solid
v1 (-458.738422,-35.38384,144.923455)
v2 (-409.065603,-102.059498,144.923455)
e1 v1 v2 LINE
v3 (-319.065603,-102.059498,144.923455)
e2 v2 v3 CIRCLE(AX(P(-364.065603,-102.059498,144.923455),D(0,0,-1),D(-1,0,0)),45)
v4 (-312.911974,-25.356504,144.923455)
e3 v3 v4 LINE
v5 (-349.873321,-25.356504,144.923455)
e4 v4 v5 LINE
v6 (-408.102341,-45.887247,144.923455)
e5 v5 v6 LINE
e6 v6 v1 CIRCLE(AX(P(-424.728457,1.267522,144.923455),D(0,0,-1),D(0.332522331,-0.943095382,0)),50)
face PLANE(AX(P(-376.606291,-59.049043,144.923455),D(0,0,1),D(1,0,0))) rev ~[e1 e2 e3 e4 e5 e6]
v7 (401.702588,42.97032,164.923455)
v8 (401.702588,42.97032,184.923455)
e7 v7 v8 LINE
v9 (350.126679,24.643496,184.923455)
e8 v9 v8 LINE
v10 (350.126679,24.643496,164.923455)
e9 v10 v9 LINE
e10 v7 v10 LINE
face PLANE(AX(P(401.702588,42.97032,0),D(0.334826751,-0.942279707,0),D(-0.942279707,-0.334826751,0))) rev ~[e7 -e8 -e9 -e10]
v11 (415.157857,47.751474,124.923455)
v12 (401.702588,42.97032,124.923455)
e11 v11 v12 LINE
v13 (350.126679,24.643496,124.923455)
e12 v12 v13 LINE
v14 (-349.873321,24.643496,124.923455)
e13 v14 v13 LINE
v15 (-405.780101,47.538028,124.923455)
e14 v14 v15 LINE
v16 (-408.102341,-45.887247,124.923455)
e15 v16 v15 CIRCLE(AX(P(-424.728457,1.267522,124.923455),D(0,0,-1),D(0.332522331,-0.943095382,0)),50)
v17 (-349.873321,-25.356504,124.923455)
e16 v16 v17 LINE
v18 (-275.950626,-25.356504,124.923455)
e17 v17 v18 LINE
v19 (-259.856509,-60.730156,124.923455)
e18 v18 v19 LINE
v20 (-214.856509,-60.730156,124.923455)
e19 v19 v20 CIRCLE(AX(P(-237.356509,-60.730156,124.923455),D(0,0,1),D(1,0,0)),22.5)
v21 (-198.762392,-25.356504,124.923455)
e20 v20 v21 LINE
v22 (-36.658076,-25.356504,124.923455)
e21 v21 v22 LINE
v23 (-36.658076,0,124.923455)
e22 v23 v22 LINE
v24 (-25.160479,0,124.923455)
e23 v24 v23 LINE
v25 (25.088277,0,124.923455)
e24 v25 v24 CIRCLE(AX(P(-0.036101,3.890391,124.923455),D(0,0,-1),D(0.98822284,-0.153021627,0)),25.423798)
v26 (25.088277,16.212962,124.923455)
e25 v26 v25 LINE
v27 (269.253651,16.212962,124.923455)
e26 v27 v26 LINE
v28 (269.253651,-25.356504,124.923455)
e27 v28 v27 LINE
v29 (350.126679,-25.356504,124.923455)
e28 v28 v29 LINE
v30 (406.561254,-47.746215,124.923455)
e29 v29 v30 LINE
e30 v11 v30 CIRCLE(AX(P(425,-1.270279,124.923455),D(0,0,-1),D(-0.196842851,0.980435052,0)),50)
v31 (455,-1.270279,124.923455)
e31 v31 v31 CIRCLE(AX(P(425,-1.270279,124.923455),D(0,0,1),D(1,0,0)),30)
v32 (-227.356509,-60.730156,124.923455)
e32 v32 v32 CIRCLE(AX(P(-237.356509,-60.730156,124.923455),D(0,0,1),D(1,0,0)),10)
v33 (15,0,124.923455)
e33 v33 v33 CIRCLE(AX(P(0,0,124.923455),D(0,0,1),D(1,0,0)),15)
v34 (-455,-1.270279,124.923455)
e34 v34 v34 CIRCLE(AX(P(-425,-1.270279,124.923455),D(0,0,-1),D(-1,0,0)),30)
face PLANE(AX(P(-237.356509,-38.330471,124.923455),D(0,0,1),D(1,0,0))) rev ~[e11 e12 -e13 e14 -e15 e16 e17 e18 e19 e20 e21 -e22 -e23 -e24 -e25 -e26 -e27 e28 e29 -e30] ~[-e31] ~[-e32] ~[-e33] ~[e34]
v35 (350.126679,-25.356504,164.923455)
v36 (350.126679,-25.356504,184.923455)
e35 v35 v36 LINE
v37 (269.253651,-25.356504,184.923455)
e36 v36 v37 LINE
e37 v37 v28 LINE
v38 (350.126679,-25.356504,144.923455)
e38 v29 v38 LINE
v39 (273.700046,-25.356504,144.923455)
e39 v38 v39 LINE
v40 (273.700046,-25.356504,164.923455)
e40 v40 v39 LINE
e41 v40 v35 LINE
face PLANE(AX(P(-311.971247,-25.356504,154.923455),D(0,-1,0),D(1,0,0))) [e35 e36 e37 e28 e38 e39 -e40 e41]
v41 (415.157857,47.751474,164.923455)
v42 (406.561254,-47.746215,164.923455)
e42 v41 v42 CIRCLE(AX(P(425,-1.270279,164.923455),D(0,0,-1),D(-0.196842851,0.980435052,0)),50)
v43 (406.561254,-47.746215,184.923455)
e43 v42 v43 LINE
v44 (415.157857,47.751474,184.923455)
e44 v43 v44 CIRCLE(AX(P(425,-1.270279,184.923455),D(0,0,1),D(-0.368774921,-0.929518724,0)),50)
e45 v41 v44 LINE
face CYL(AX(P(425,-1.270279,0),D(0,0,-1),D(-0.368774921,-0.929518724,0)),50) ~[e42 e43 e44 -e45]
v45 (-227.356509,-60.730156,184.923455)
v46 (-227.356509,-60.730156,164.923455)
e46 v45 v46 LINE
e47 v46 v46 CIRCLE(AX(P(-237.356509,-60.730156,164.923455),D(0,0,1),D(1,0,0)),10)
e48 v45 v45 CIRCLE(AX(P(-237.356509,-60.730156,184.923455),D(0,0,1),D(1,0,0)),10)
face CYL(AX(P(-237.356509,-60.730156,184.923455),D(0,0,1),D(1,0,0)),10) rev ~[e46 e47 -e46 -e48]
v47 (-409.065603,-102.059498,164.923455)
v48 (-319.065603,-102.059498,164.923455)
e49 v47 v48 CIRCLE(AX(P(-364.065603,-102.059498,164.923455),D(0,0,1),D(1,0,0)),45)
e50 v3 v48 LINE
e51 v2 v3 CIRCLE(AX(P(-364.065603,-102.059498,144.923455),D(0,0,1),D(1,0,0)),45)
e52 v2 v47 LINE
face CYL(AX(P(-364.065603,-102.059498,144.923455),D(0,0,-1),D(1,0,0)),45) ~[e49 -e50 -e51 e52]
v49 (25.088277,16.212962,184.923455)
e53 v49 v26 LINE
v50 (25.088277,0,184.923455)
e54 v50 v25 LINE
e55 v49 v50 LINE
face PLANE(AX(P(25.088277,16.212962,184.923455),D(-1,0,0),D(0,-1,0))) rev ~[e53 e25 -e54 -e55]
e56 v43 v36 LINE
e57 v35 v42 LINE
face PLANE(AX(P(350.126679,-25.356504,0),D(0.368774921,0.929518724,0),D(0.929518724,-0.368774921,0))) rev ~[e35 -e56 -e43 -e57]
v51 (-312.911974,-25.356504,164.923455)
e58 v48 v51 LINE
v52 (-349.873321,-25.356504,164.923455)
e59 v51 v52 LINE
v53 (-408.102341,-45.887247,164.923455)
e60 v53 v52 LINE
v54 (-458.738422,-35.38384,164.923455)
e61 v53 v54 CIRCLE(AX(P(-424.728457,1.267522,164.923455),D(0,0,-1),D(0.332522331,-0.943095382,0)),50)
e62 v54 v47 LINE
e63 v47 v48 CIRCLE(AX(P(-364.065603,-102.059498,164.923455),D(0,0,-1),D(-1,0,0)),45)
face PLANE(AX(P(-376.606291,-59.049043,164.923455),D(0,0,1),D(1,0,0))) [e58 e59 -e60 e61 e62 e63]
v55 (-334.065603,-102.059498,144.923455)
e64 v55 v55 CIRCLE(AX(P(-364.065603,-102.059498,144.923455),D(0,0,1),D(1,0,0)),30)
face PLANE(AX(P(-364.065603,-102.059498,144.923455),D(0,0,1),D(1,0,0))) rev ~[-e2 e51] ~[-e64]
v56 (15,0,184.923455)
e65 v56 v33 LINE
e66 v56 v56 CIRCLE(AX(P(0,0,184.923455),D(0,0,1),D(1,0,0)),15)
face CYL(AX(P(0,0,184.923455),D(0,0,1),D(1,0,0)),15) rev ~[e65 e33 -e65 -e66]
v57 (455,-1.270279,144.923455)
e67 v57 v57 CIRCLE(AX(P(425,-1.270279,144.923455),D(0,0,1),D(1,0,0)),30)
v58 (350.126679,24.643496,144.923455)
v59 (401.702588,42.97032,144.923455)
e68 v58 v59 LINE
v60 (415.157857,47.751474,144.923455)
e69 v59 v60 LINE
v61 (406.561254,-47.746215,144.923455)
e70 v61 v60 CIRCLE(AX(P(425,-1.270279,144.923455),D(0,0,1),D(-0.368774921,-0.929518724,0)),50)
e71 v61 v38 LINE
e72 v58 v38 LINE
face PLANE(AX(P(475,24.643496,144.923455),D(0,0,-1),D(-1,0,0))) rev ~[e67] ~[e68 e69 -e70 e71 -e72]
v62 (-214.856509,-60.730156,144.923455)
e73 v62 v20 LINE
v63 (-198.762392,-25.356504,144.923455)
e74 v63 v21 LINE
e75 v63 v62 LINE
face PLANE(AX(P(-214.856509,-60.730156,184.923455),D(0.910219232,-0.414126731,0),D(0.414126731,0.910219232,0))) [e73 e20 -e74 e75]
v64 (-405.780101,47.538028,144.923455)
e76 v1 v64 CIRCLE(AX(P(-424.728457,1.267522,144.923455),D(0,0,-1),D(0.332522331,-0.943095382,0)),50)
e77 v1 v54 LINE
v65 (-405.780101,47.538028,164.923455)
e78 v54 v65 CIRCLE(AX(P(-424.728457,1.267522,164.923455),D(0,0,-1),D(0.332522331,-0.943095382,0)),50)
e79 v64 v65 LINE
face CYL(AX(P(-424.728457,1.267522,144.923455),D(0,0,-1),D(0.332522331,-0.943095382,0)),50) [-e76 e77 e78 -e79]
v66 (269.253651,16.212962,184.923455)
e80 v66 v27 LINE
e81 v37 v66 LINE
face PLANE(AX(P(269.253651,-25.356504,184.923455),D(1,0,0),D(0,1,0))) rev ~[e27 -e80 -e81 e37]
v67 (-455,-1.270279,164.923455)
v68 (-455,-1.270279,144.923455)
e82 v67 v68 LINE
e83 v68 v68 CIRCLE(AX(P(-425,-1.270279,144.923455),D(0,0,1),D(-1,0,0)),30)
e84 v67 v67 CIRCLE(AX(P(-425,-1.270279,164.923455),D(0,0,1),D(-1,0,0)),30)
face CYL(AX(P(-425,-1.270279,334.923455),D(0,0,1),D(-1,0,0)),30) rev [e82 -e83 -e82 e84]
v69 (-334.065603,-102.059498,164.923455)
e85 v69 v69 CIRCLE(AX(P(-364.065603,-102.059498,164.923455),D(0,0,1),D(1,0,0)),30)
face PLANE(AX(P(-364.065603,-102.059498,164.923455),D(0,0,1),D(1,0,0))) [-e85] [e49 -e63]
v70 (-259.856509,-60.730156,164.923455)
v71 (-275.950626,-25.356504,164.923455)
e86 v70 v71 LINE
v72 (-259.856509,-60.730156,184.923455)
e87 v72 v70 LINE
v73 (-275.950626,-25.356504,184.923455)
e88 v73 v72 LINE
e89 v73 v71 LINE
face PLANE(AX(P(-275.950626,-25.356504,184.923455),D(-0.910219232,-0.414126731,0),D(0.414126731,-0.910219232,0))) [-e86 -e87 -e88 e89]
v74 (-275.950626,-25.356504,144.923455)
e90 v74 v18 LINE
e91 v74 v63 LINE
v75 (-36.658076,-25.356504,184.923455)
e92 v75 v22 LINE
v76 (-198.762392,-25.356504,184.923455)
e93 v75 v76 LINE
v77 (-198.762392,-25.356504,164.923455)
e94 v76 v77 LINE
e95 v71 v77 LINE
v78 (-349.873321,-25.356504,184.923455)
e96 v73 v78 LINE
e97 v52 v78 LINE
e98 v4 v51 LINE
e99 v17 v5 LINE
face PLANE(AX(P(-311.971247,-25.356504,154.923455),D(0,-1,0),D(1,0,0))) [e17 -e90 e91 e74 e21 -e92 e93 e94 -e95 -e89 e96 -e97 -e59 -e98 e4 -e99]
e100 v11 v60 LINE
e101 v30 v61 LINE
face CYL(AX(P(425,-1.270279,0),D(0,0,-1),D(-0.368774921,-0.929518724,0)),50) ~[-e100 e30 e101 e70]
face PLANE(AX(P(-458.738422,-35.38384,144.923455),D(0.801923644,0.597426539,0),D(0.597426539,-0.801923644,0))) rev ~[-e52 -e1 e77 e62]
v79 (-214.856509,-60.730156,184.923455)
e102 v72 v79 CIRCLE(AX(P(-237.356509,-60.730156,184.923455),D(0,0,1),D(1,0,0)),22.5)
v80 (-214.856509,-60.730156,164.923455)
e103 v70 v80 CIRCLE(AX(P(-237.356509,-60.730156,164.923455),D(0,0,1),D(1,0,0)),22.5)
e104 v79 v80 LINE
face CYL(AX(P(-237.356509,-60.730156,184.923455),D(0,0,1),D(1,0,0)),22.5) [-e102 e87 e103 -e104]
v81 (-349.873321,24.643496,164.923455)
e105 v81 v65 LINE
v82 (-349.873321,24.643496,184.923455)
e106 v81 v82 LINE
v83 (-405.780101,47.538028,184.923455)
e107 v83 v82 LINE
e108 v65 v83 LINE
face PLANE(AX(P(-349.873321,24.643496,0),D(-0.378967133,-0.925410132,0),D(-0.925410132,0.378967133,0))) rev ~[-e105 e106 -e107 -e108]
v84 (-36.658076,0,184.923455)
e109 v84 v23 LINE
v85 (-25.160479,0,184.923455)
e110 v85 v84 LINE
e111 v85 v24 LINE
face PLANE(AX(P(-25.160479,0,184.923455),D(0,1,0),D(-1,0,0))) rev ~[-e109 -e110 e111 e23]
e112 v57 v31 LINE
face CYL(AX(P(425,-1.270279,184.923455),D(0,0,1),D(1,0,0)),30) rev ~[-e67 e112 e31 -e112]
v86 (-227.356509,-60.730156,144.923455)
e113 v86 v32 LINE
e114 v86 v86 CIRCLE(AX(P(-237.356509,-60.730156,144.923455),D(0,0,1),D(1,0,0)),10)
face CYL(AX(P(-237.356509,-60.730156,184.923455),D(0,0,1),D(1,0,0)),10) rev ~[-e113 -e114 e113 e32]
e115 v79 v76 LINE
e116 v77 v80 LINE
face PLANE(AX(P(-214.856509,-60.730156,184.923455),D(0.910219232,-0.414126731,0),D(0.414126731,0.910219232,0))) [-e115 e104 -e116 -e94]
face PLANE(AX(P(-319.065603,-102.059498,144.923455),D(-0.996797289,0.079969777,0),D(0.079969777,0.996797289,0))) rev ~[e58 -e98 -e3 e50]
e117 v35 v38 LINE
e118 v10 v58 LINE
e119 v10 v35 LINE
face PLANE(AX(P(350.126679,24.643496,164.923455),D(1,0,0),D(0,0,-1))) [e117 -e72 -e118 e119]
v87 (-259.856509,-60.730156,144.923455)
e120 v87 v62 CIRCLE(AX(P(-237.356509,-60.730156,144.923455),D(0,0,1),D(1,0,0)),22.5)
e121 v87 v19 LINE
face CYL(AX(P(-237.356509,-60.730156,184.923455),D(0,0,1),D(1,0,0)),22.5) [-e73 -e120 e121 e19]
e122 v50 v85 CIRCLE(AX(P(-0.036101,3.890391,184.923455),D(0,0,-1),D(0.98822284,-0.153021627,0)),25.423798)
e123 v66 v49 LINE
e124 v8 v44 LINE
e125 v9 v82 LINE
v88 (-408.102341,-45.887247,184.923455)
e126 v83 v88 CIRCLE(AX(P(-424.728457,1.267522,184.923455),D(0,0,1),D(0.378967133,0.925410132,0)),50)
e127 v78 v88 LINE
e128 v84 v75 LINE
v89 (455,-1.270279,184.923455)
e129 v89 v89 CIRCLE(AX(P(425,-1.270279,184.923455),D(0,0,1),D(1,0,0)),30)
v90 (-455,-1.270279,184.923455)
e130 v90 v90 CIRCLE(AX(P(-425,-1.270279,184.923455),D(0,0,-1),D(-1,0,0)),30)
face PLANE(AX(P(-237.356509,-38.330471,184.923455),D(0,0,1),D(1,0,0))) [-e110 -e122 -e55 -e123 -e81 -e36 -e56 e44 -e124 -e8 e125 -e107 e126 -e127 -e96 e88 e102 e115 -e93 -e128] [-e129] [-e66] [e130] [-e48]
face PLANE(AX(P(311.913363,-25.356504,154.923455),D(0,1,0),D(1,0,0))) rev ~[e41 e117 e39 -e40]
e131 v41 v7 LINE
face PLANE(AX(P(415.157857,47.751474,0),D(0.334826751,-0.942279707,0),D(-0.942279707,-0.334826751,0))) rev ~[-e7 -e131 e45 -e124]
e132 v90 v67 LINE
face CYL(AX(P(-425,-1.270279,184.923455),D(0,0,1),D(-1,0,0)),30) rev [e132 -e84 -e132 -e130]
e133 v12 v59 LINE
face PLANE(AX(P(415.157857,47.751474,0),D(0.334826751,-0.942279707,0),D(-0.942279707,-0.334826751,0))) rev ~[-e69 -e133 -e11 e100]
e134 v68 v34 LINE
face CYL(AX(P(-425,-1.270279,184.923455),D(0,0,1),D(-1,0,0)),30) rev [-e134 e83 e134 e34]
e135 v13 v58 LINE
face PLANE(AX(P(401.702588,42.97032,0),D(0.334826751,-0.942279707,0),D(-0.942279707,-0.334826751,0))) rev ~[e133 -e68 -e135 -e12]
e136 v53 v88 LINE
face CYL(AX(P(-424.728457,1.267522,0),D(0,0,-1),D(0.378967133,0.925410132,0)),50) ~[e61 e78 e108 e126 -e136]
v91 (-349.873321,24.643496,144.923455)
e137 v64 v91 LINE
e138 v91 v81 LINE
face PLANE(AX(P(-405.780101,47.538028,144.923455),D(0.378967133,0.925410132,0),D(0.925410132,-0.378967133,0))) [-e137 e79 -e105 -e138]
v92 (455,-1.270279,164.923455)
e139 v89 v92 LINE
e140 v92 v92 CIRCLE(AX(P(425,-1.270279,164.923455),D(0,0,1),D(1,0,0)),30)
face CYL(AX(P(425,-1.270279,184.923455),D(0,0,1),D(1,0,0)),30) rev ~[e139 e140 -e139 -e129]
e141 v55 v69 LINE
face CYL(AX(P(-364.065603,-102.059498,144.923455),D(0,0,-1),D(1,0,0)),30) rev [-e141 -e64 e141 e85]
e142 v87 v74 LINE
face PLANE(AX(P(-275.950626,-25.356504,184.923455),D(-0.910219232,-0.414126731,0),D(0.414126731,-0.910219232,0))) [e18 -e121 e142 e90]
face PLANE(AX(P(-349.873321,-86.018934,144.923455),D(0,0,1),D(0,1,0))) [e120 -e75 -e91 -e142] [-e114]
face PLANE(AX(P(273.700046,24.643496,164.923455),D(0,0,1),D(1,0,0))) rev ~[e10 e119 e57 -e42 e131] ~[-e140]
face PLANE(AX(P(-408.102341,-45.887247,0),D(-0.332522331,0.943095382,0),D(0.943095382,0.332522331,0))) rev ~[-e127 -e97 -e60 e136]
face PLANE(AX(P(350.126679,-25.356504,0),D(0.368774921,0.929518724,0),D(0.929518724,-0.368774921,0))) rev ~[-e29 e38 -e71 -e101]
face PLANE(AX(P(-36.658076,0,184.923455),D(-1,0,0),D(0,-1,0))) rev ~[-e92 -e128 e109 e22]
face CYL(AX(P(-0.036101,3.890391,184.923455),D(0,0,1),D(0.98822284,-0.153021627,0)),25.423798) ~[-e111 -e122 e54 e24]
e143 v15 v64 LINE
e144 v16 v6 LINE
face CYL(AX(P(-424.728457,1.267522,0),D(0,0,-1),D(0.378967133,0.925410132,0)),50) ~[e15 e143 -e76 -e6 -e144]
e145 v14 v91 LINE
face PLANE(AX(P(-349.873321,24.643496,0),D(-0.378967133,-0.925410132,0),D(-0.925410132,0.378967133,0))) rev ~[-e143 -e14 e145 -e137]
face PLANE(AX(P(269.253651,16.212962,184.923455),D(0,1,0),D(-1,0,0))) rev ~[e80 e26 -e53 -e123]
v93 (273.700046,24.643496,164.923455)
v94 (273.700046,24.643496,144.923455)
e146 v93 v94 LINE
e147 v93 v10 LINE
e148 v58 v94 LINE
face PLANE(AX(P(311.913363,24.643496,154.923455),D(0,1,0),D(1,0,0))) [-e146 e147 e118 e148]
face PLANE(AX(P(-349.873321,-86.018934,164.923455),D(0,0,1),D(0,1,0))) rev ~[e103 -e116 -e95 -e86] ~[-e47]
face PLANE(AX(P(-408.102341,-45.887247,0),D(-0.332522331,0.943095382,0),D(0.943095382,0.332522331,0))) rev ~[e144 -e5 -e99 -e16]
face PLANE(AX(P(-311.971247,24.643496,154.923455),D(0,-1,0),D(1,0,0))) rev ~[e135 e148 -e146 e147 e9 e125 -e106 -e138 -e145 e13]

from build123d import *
from build123d.topology import SkipClean

# Parameters (mm, degrees)
BOSS_EXTRUDE1_DEPTH  = 300
SKETCH2_OUTSIDE_W    = 1151.978
SKETCH2_OUTSIDE_H    = 502.25
CUT_EXTRUDE1_DEPTH   = 1000
SKETCH31_OUTSIDE_W   = 1151.978
SKETCH31_OUTSIDE_H   = 502.25
CUT_EXTRUDE13_DEPTH  = 250
CUT_EXTRUDE14_REACH  = 483.512
SKETCH33_R           = 30
SKETCH34_W           = 75.804148239
SKETCH34_H           = 20
BOSS_EXTRUDE8_DEPTH  = 50
SKETCH36_R           = 22.5
SKETCH36_R_2         = 10
BOSS_EXTRUDE9_DEPTH  = 60
SKETCH37_R           = 15
CUT_EXTRUDE15_DEPTH  = 60
SKETCH40_W           = 20
SKETCH40_H           = 60.662429819
CUT_EXTRUDE16_DEPTH  = 190
BOSS_EXTRUDE10_START = 20
BOSS_EXTRUDE10_DEPTH = 20
CUT_EXTRUDE17_START  = -190
SKETCH42_R           = 30
CUT_EXTRUDE17_DEPTH  = 190
SKETCH43_R           = 45
SKETCH43_R_2         = 30
BOSS_EXTRUDE11_DEPTH = 20
SKETCH16_W           = 76.426632505
SKETCH16_H           = 20
BOSS_EXTRUDE5_DEPTH  = 50
CUT_EXTRUDE18_DEPTH  = 60


with BuildPart() as part:
    # Sketch1 → Boss-Extrude1 (new body)
    with BuildSketch(Plane.XY):
        with BuildLine():
            Line((350.126678984, 24.643496119), (-349.873321016, 24.643496119))
            Line((-349.873321016, 24.643496119), (-405.7801007, 47.538028277))
            ThreePointArc((-405.7801007, 47.538028277), (-474.713018176, 2.509970806), (-408.102340797, -45.887247404))
            Line((-408.102340797, -45.887247404), (-349.873321016, -25.356503881))
            Line((-349.873321016, -25.356503881), (350.126678984, -25.356503881))
            Line((350.126678984, -25.356503881), (406.56125394, -47.746215249))
            ThreePointArc((406.56125394, -47.746215249), (474.7986376, -5.753101083), (415.157857426, 47.751473547))
            Line((415.157857426, 47.751473547), (401.702587644, 42.970319678))
            Line((401.702587644, 42.970319678), (350.126678984, 24.643496119))
        make_face()
    extrude(amount=BOSS_EXTRUDE1_DEPTH)

    # Sketch2 outside → Cut-Extrude1 (cut)
    with BuildSketch(Plane(origin=(0, 24.643496119, 0), x_dir=(1, 0, 0), z_dir=(0, 1, 0))):
        with Locations((0.136, -150)):
            Rectangle(SKETCH2_OUTSIDE_W, SKETCH2_OUTSIDE_H)
        Polygon((475, -124.923454888), (350.126678984, -124.923454888), (273.700046479, -124.923454888), (-0.184563149, -124.923454888), (-274.069172777, -124.923454888), (-349.873321016, -124.923454888), (-474.728457358, -124.923454888), (-474.728457358, -144.923454888), (-349.873321016, -144.923454888), (-274.069172777, -144.923454888), (-274.069172777, -164.923454888), (-349.873321016, -164.923454888), (-474.728457358, -164.923454888), (-474.728457358, -184.923454888), (-349.873321016, -184.923454888), (-274.069172777, -184.923454888), (273.700046479, -184.923454888), (350.126678984, -184.923454888), (479.145365595, -184.923454888), (479.145365595, -164.923454888), (350.126678984, -164.923454888), (273.700046479, -164.923454888), (273.700046479, -144.923454888), (350.126678984, -144.923454888), (475, -144.923454888), align=None, mode=Mode.SUBTRACT)
    extrude(amount=-CUT_EXTRUDE1_DEPTH, mode=Mode.SUBTRACT)

    # Sketch31 outside → Cut-Extrude13 (cut, symmetric)
    with BuildSketch(Plane(origin=(0, 24.643496119, 0), x_dir=(1, 0, 0), z_dir=(0, 1, 0))):
        with Locations((0.136, -150)):
            Rectangle(SKETCH31_OUTSIDE_W, SKETCH31_OUTSIDE_H)
        Polygon((-474.728457358, -124.923454888), (475, -124.923454888), (475, -144.923454888), (273.700046479, -144.923454888), (273.700046479, -164.923454888), (475, -164.923454888), (475, -184.923454888), (-474.728457358, -184.923454888), (-474.728457358, -164.923454888), (-274.069172777, -164.923454888), (-274.069172777, -144.923454888), (-474.728457358, -144.923454888), align=None, mode=Mode.SUBTRACT)
    extrude(amount=CUT_EXTRUDE13_DEPTH, both=True, mode=Mode.SUBTRACT)

    # Cut-Extrude14: up to this face of the body (flat: up to its plane)
    cut_extrude14_end = Plane(part.part.faces().sort_by_distance((0.002005982, -0.266752761, 124.923454888))[0])
    # Sketch33 → Cut-Extrude14 (cut, up to the picked face)
    with BuildSketch(Plane.XY.offset(184.923454888), mode=Mode.PRIVATE) as cut_extrude14_sk1:
        with Locations((425, -1.27027907)):
            Circle(SKETCH33_R)
    cut_extrude14_tool1 = split(extrude(cut_extrude14_sk1.sketch, amount=-CUT_EXTRUDE14_REACH, mode=Mode.PRIVATE), bisect_by=cut_extrude14_end, keep=Keep.BOTH, mode=Mode.PRIVATE)
    cut_extrude14 = cut_extrude14_tool1.solids().sort_by(Axis((425, -1.270279, 184.923455), (0, 0, -1)))[0]
    add(cut_extrude14, mode=Mode.SUBTRACT)

    # Mirror2: Cut-Extrude14 across plane
    add(cut_extrude14.mirror(Plane(origin=(0, 0, 0), x_dir=(0, 0, 1), z_dir=(1, 0, 0))), mode=Mode.SUBTRACT)

    # Sketch34 → Boss-Extrude8 (add)
    with BuildSketch(Plane.XZ.offset(25.356503881)):
        with Locations((-311.971246897, 154.923454888)):
            Rectangle(SKETCH34_W, SKETCH34_H)
    extrude(amount=-BOSS_EXTRUDE8_DEPTH)

    # Sketch36 → Boss-Extrude9 (add)
    # profile 1 of 2: a face of its own
    with BuildSketch(Plane.XY.offset(184.923454888)):
        with BuildLine():
            Line((-198.76239189, -25.356503881), (-275.950626286, -25.356503881))
            Line((-275.950626286, -25.356503881), (-259.856509088, -60.730156187))
            ThreePointArc((-259.856509088, -60.730156187), (-237.356509088, -38.230156187), (-214.856509088, -60.730156187))
            Line((-214.856509088, -60.730156187), (-198.76239189, -25.356503881))
        make_face()
    # profile 2 of 2: a face of its own
    with BuildSketch(Plane.XY.offset(184.923454888)):
        with Locations((-237.356509088, -60.730156187)):
            Circle(SKETCH36_R)
        with Locations((-237.356509088, -60.730156187)):
            Circle(SKETCH36_R_2, mode=Mode.SUBTRACT)
    extrude(amount=-BOSS_EXTRUDE9_DEPTH)

    # Sketch37 → Cut-Extrude15 (cut)
    with BuildSketch(Plane.XY.offset(184.923454888)):
        Circle(SKETCH37_R)
    extrude(amount=-CUT_EXTRUDE15_DEPTH, mode=Mode.SUBTRACT)

    # Sketch40 → Cut-Extrude16 (cut)
    with BuildSketch(Plane.ZY.offset(349.873321016)):
        with Locations((154.923454888, -55.68771879)):
            Rectangle(SKETCH40_W, SKETCH40_H)
    extrude(amount=-CUT_EXTRUDE16_DEPTH, mode=Mode.SUBTRACT)

    # Sketch41 → Boss-Extrude10 (add)
    with SkipClean():  # the faces are left unmerged after this step: merging them gives an invalid solid
        with BuildSketch(Plane(origin=(0, 0, 164.923454888), x_dir=(-1, 0, 0), z_dir=(0, 0, -1)).offset(BOSS_EXTRUDE10_START)):
            with BuildLine():
                Line((349.873321016, 24.643496119), (349.873321016, -25.356503881))
                Line((349.873321016, -25.356503881), (408.102340797, -45.887247404))
                ThreePointArc((408.102340797, -45.887247404), (474.713018176, 2.509970806), (405.7801007, 47.538028277))
                Line((405.7801007, 47.538028277), (349.873321016, 24.643496119))
            make_face()
        extrude(amount=-BOSS_EXTRUDE10_DEPTH)

    # Sketch42 → Cut-Extrude17 (cut)
    with SkipClean():  # the faces are left unmerged after this step: merging them gives an invalid solid
        with BuildSketch(Plane(origin=(0, 0, 144.923454888), x_dir=(-1, 0, 0), z_dir=(0, 0, -1)).offset(CUT_EXTRUDE17_START)):
            with Locations((425, -1.27027907)):
                Circle(SKETCH42_R)
        extrude(amount=CUT_EXTRUDE17_DEPTH, mode=Mode.SUBTRACT)

    # Sketch43 → Boss-Extrude11 (add)
    # profile 1 of 2: a face of its own
    with SkipClean():  # the faces are left unmerged after this step: merging them gives an invalid solid
        with BuildSketch(Plane.XY.offset(144.923454888)):
            with BuildLine():
                ThreePointArc((-408.102340797, -45.887247404), (-434.883748111, -47.690318028), (-458.738421585, -35.383840268))
                Line((-458.738421585, -35.383840268), (-409.065603299, -102.059498008))
                ThreePointArc((-409.065603299, -102.059498008), (-364.065603299, -57.059498008), (-319.065603299, -102.059498008))
                Line((-319.065603299, -102.059498008), (-312.911973651, -25.356503881))
                Line((-312.911973651, -25.356503881), (-349.873321016, -25.356503881))
                Line((-349.873321016, -25.356503881), (-408.102340797, -45.887247404))
            make_face()
        # profile 2 of 2: a face of its own
        with BuildSketch(Plane.XY.offset(144.923454888)):
            with Locations((-364.065603299, -102.059498008)):
                Circle(SKETCH43_R)
            with Locations((-364.065603299, -102.059498008)):
                Circle(SKETCH43_R_2, mode=Mode.SUBTRACT)
        extrude(amount=BOSS_EXTRUDE11_DEPTH)

    # Sketch16 → Boss-Extrude5 (add)
    with SkipClean():  # the faces are left unmerged after this step: merging them gives an invalid solid
        with BuildSketch(Plane(origin=(0, 24.643496119, 0), x_dir=(1, 0, 0), z_dir=(0, 1, 0))):
            with Locations((311.913362732, -154.923454888)):
                Rectangle(SKETCH16_W, SKETCH16_H)
        extrude(amount=-BOSS_EXTRUDE5_DEPTH)

    # Sketch44 → Cut-Extrude18 (cut)
    with SkipClean():  # the faces are left unmerged after this step: merging them gives an invalid solid
        with BuildSketch(Plane.XY.offset(184.923454888)):
            with BuildLine():
                Line((-25.160479447, 0), (-36.658076152, 0))
                Line((-36.658076152, 0), (-36.658076152, -25.356503881))
                Line((-36.658076152, -25.356503881), (269.253650874, -25.356503881))
                Line((269.253650874, -25.356503881), (269.253650874, 16.212961512))
                Line((269.253650874, 16.212961512), (25.088276522, 16.212961512))
                Line((25.088276522, 16.212961512), (25.088276522, 0))
                ThreePointArc((25.088276522, 0), (-0.036101462, -21.533407162), (-25.160479447, 0))
            make_face()
        extrude(amount=-CUT_EXTRUDE18_DEPTH, mode=Mode.SUBTRACT)


solid = part.part
